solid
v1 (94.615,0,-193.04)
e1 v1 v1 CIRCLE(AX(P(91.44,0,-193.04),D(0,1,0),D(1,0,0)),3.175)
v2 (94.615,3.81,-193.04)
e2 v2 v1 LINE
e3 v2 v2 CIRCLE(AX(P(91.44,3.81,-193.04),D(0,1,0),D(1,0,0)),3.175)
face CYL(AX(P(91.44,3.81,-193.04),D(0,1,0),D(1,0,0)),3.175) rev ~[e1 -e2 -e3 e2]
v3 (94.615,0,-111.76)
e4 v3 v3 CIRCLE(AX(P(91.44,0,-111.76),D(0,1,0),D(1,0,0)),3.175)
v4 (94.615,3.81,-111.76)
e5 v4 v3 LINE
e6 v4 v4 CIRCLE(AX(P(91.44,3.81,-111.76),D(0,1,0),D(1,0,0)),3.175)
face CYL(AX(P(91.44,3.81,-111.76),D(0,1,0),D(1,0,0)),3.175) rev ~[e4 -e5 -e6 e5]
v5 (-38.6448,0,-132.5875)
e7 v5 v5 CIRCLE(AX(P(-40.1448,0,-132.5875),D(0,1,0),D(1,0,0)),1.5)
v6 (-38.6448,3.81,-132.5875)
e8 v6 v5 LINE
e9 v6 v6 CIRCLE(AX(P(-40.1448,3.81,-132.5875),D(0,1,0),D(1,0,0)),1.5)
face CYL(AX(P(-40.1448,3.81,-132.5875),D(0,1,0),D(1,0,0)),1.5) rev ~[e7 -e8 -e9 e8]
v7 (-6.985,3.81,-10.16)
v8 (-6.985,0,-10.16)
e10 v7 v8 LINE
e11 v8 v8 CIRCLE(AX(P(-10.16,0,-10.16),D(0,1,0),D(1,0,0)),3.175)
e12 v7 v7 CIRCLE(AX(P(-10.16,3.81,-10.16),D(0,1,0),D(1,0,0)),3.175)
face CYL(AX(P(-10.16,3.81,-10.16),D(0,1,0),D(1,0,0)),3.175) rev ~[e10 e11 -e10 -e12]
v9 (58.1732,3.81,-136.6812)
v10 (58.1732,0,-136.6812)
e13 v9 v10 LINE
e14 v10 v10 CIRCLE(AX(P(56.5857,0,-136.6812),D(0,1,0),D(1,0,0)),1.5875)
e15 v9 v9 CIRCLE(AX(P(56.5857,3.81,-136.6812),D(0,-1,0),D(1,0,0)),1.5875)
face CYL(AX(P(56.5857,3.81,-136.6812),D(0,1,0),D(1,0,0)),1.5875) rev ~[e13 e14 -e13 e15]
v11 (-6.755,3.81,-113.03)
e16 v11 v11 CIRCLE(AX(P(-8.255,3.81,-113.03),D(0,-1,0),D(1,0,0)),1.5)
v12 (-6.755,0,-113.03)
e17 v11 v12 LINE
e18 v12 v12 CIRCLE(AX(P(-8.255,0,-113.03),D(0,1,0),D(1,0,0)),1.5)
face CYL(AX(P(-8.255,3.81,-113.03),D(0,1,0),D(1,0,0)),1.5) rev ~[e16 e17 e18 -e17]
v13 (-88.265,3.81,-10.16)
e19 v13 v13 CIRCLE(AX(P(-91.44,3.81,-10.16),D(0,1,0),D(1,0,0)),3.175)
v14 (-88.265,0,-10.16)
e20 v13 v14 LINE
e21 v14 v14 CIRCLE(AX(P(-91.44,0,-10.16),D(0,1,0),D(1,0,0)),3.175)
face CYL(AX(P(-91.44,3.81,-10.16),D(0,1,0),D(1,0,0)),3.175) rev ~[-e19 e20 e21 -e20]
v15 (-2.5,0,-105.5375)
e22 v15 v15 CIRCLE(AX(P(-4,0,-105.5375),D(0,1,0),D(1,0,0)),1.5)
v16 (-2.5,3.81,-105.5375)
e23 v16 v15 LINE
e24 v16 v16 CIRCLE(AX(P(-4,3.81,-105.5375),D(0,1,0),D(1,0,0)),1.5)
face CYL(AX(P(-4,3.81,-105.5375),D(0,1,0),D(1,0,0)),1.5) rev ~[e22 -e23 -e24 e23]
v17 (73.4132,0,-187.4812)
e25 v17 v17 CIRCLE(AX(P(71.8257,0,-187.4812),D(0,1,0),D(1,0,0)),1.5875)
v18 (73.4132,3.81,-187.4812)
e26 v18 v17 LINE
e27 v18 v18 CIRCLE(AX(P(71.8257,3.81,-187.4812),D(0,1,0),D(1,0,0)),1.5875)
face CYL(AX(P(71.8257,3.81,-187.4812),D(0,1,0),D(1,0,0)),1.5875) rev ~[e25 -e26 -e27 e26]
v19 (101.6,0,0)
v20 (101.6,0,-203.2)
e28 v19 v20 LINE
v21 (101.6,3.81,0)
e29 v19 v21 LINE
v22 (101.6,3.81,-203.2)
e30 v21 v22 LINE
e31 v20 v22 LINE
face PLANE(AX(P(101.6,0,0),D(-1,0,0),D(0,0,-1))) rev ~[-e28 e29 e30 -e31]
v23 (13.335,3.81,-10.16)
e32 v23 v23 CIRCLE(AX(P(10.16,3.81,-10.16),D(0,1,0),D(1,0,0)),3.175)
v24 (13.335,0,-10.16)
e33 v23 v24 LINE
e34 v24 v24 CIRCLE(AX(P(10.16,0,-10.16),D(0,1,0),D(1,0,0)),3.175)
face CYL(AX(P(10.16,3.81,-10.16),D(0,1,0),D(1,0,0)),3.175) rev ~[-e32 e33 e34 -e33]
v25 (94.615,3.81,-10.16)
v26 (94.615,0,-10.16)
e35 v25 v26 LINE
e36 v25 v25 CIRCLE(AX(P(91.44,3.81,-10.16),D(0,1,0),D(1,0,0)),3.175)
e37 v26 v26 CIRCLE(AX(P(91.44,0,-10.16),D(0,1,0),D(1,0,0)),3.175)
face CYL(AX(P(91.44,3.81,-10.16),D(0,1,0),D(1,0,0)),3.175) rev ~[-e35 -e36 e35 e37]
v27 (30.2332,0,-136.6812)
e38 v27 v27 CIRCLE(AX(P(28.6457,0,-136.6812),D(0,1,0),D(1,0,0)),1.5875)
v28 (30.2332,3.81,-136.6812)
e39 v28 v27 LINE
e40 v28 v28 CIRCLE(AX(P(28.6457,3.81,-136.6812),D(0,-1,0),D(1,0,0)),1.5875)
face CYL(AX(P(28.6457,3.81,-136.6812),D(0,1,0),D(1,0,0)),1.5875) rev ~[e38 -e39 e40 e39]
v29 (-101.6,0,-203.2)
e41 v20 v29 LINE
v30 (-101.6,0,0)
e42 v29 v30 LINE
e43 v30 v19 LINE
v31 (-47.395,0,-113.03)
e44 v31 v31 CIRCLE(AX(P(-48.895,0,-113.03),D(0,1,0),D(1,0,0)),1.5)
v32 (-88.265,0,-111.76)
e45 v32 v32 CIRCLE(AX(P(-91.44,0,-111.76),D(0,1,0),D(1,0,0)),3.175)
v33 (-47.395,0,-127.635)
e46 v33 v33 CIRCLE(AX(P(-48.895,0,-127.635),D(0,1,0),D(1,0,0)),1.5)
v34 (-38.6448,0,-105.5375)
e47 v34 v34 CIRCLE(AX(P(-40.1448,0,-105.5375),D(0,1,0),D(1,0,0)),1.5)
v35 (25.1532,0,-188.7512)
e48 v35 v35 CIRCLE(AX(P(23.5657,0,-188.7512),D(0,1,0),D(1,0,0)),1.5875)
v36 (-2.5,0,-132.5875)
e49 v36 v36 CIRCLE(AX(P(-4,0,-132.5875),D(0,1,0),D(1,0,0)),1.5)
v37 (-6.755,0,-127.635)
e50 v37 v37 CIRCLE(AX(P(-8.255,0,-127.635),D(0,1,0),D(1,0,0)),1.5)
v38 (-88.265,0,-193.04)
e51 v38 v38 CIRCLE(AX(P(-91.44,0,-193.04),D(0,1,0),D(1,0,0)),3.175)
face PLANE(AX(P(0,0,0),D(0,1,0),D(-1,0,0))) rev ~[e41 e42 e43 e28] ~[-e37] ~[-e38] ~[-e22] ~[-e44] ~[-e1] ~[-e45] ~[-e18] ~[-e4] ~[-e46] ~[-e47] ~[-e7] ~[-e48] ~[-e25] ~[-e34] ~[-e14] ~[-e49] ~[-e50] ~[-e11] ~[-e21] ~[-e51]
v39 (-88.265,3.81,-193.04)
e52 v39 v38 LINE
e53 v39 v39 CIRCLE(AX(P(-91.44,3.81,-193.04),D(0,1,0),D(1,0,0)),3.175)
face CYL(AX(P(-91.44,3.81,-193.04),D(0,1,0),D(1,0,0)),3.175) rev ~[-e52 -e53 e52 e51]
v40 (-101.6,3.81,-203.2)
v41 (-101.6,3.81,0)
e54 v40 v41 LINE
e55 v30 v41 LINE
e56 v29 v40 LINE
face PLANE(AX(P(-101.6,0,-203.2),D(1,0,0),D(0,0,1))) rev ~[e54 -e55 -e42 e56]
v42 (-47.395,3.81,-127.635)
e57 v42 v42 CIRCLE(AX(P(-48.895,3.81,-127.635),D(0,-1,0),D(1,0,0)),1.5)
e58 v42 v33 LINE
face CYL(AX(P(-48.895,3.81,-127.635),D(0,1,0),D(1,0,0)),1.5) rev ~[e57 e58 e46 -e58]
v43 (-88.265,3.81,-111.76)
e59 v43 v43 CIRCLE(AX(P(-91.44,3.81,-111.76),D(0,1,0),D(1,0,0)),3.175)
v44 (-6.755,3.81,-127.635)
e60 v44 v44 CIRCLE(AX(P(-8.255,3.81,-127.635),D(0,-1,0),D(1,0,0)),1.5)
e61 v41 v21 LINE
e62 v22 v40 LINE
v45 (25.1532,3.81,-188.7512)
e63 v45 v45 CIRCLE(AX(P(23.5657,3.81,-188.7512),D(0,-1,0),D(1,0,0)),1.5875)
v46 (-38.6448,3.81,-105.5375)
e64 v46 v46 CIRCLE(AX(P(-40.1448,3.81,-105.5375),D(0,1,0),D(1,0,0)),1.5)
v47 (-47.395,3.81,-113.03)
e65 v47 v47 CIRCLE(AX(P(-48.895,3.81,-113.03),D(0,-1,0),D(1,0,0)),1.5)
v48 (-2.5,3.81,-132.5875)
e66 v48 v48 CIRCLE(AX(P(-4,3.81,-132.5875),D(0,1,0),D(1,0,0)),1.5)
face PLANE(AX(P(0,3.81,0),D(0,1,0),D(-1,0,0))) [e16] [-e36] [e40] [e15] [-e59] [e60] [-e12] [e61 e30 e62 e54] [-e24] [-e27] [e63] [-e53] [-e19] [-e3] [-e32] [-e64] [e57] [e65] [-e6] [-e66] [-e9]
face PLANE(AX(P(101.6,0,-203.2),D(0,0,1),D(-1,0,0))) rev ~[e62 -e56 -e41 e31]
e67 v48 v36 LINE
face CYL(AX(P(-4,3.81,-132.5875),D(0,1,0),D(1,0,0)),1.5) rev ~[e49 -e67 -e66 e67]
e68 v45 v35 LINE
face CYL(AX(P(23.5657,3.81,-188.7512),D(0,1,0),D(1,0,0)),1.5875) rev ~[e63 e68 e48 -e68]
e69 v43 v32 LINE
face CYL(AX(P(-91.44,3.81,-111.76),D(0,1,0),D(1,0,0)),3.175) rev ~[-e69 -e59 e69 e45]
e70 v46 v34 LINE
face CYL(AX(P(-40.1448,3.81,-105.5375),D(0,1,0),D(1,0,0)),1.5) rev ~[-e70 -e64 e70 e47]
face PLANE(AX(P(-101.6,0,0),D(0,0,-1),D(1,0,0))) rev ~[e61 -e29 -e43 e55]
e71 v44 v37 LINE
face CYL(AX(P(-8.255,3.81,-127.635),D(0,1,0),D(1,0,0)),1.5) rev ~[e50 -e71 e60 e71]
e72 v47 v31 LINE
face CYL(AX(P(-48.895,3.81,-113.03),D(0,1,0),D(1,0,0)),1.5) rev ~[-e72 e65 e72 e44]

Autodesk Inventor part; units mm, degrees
ref_plane "YZ Plane" through (0, 0, 0) normal (1, 0, 0) x (0, 1, 0)
ref_plane "XZ Plane" through (0, 0, 0) normal (0, 1, 0) x (-1, 0, 0)
ref_plane "XY Plane" through (0, 0, 0) normal (0, 0, 1) x (1, 0, 0)
sketch "Sketch1" plane through (0, 0, 0) normal (0, 1, 0) x (-1, 0, 0)
  line L0 (101.6, 0) -> (-101.6, 0)
  line L1 (-101.6, 0) -> (-101.6, -203.2)
  line L2 (-101.6, -203.2) -> (101.6, -203.2)
  line L3 (101.6, -203.2) -> (101.6, 0)
  dimension "d0" = 203.2
  dimension "d1" = 203.2
extrude "Extrusion1" add sketch "Sketch1" along normal blind 3.81
sketch "Sketch2" plane through (0, 3.81, 0) normal (0, 1, 0) x (1, 0, 0)
  circle A0 centre (-91.44, 10.16) radius 10.16
  circle A1 centre (-91.44, 10.16) radius 3.175
  line L0 (-101.6, 203.2) -> (-101.6, 0) projected
  line L1 (-101.6, 101.6) -> (101.6, 101.6)
  line L2 (101.6, 0) -> (101.6, 203.2) projected
  line L3 (-101.6, 0) -> (101.6, 0) projected
  line L4 (0, 0) -> (0, 101.6)
  circle A2 centre (91.44, 10.16) radius 10.16
  circle A3 centre (91.44, 10.16) radius 3.175
  circle A4 centre (-91.44, 193.04) radius 10.16
  circle A5 centre (-91.44, 193.04) radius 3.175
  circle A6 centre (91.44, 193.04) radius 10.16
  circle A7 centre (91.44, 193.04) radius 3.175
  point P0 (0, 0)
  dimension "d4" = 20.32
  dimension "d5" = 6.35
extrude "Extrusion2" cut sketch "Sketch2" against normal blind 3.81 contours A1 | A3 | A5 | A7
sketch "Sketch3" plane through (0, 3.81, 0) normal (0, 1, 0) x (1, 0, 0)
  line L0 (101.6, 0) -> (101.6, 203.2) projected
  line L1 (101.6, 101.6) -> (-101.6, 101.6)
  line L2 (-101.6, 203.2) -> (-101.6, 0) projected
  circle A0 centre (-91.44, 111.76) radius 10.16
  circle A1 centre (-91.44, 111.76) radius 3.175
  circle A2 centre (91.44, 111.76) radius 10.16
  circle A3 centre (91.44, 111.76) radius 3.175
  point P0 (-100.0125, 103.1875)
  dimension "d8" = 20.32
  dimension "d9" = 6.35
  dimension "d10" = 20.32
  dimension "d11" = 6.35
extrude "Extrusion3" cut sketch "Sketch3" against normal blind 3.81 contours A1 | A3
sketch "Sketch4" plane through (0, 3.81, 0) normal (0, 1, 0) x (1, 0, 0)
  circle A0 centre (-48.895, 113.03) radius 1.5
  circle A1 centre (-48.895, 113.03) radius 1.5
  circle A2 centre (-8.255, 113.03) radius 1.5
  circle A3 centre (-8.255, 113.03) radius 1.5
  line L0 (-3.175, 107.95) -> (-13.335, 107.95)
  line L1 (-53.975, 130.175) -> (-53.975, 107.95)
  line L2 (-3.175, 107.95) -> (-53.975, 107.95)
  line L3 (-53.975, 107.95) -> (-53.975, 132.715)
  line L4 (-53.975, 132.715) -> (-3.175, 132.715)
  line L5 (-3.175, 132.715) -> (-3.175, 107.95)
  line L6 (-101.6, 203.2) -> (-101.6, 0) projected
  line L7 (101.6, 0) -> (101.6, 203.2) projected
  line L8 (-101.6, 0) -> (101.6, 0)
  line L9 (101.6, 0) -> (101.6, 107.95)
  line L10 (101.6, 107.95) -> (-101.6, 107.95)
  line L11 (-101.6, 107.95) -> (-101.6, 0)
  line L12 (-53.975, 120.3325) -> (-3.175, 120.3325)
  circle A4 centre (-48.895, 127.635) radius 1.5
  circle A5 centre (-48.895, 127.635) radius 1.5
  circle A6 centre (-8.255, 127.635) radius 1.5
  circle A7 centre (-8.255, 127.635) radius 1.5
  line L13 (-48.895, 107.95) -> (-48.895, 113.03)
  line L14 (-8.255, 107.95) -> (-8.255, 113.03)
  line L15 (-8.255, 132.715) -> (-8.255, 127.635)
  line L16 (-48.895, 132.715) -> (-48.895, 127.635)
  dimension "d14" = 107.95
extrude "Extrusion4" cut sketch "Sketch4" against normal blind 3.81 contours A0 | A2 | A6 | A4
sketch "Sketch5" plane through (0, 3.81, 0) normal (0, 1, 0) x (1, 0, 0)
  circle A0 centre (10.16, 10.16) radius 10.16
  circle A1 centre (10.16, 10.16) radius 3.175
  line L0 (-101.6, 0) -> (101.6, 0) projected
  line L1 (101.6, 203.2) -> (-101.6, 203.2) projected
  line L2 (0, 203.2) -> (0, 150.8125)
  circle A2 centre (-10.16, 10.16) radius 10.16
  circle A3 centre (-10.16, 10.16) radius 3.175
  dimension "d17" = 20.32
  dimension "d18" = 6.35
extrude "Extrusion5" cut sketch "Sketch5" against normal blind 3.81 contours A1 | A3
sketch "Sketch6" plane through (0, 3.81, 0) normal (0, 1, 0) x (1, 0, 0)
  line L0 (-44.1448, 101.6) -> (0, 101.6)
  line L1 (0, 101.6) -> (0, 136.525)
  line L2 (0, 136.525) -> (-44.1448, 136.525)
  line L3 (-44.1448, 136.525) -> (-44.1448, 101.6)
  circle A0 centre (-40.1448, 132.5875) radius 1.5
  circle A1 centre (-40.1448, 132.5875) radius 1.5
  circle A2 centre (-40.1448, 105.5375) radius 1.5
  circle A3 centre (-40.1448, 105.5375) radius 1.5
  circle A4 centre (-4, 105.5375) radius 1.5
  circle A5 centre (-4, 105.5375) radius 1.5
  circle A6 centre (-4, 132.5875) radius 1.5
  circle A7 centre (-4, 132.5875) radius 1.5
  line L4 (-101.6, 203.2) -> (-101.6, 0) projected
  line L5 (-101.6, 101.6) -> (101.6, 101.6)
  line L6 (101.6, 0) -> (101.6, 203.2) projected
extrude "Extrusion6" cut sketch "Sketch6" against normal blind 3.81 contours A0 | A2 | A4 | A6
sketch "Sketch7" plane through (0, 3.81, 0) normal (0, 1, 0) x (1, 0, 0)
  circle A0 centre (2.54, 15.24) radius 1.5875
  circle A1 centre (2.54, 15.24) radius 1.5875
  circle A2 centre (50.8, 13.97) radius 1.5875
  circle A3 centre (45.72, 66.04) radius 1.5875
  circle A4 centre (17.78, 66.04) radius 1.5875
  circle A5 centre (50.8, 13.97) radius 1.5875
  line L0 (50.8, 13.97) -> (50.8, 0)
  line L1 (0, 0) -> (53.34, 0)
  line L2 (50.8, 0) -> (53.34, 0)
  line L3 (53.34, 0) -> (53.34, 66.04)
  line L4 (53.34, 66.04) -> (53.34, 68.58)
  line L5 (53.34, 68.58) -> (0, 68.58)
  line L6 (0, 68.58) -> (0, 0)
  line L7 (0, 0) -> (53.34, 0)
  line L8 (2.54, 15.24) -> (0, 15.24)
  line L9 (0, 66.04) -> (0, 0)
  circle A6 centre (17.78, 66.04) radius 1.5875
  line L10 (17.78, 66.04) -> (17.78, 68.58)
  line L11 (45.72, 66.04) -> (45.72, 68.58)
  line L12 (23.5657, 188.7512) -> (23.5657, 202.7212)
  circle A7 centre (23.5657, 188.7512) radius 1.5875
  line L13 (23.5657, 202.7212) -> (21.0257, 202.7212)
  line L14 (74.3657, 202.7212) -> (21.0257, 202.7212)
  line L15 (74.3657, 202.7212) -> (21.0257, 202.7212)
  line L16 (74.3657, 136.6812) -> (74.3657, 202.7212)
  line L17 (74.3657, 134.1412) -> (74.3657, 202.7212)
  line L18 (21.0257, 202.7212) -> (21.0257, 136.6812)
  circle A8 centre (56.5857, 136.6812) radius 1.5875
  circle A9 centre (56.5857, 136.6812) radius 1.5875
  line L19 (56.5857, 136.6812) -> (56.5857, 134.1412)
  line L20 (21.0257, 134.1412) -> (74.3657, 134.1412)
  line L21 (28.6457, 136.6812) -> (28.6457, 134.1412)
  circle A10 centre (28.6457, 136.6812) radius 1.5875
  line L22 (21.0257, 136.6812) -> (21.0257, 134.1412)
  circle A11 centre (71.8257, 187.4812) radius 1.5875
  circle A12 centre (71.8257, 187.4812) radius 1.5875
  line L23 (71.8257, 187.4812) -> (74.3657, 187.4812)
  circle A13 centre (23.5657, 188.7512) radius 1.5875
  point P0 (71.8257, 187.4812)
extrude "Extrusion7" cut sketch "Sketch7" against normal blind 3.81 contours A10 | A8 | A11 | A7
properties part number "grounplate" material "Wood (Birch)"
